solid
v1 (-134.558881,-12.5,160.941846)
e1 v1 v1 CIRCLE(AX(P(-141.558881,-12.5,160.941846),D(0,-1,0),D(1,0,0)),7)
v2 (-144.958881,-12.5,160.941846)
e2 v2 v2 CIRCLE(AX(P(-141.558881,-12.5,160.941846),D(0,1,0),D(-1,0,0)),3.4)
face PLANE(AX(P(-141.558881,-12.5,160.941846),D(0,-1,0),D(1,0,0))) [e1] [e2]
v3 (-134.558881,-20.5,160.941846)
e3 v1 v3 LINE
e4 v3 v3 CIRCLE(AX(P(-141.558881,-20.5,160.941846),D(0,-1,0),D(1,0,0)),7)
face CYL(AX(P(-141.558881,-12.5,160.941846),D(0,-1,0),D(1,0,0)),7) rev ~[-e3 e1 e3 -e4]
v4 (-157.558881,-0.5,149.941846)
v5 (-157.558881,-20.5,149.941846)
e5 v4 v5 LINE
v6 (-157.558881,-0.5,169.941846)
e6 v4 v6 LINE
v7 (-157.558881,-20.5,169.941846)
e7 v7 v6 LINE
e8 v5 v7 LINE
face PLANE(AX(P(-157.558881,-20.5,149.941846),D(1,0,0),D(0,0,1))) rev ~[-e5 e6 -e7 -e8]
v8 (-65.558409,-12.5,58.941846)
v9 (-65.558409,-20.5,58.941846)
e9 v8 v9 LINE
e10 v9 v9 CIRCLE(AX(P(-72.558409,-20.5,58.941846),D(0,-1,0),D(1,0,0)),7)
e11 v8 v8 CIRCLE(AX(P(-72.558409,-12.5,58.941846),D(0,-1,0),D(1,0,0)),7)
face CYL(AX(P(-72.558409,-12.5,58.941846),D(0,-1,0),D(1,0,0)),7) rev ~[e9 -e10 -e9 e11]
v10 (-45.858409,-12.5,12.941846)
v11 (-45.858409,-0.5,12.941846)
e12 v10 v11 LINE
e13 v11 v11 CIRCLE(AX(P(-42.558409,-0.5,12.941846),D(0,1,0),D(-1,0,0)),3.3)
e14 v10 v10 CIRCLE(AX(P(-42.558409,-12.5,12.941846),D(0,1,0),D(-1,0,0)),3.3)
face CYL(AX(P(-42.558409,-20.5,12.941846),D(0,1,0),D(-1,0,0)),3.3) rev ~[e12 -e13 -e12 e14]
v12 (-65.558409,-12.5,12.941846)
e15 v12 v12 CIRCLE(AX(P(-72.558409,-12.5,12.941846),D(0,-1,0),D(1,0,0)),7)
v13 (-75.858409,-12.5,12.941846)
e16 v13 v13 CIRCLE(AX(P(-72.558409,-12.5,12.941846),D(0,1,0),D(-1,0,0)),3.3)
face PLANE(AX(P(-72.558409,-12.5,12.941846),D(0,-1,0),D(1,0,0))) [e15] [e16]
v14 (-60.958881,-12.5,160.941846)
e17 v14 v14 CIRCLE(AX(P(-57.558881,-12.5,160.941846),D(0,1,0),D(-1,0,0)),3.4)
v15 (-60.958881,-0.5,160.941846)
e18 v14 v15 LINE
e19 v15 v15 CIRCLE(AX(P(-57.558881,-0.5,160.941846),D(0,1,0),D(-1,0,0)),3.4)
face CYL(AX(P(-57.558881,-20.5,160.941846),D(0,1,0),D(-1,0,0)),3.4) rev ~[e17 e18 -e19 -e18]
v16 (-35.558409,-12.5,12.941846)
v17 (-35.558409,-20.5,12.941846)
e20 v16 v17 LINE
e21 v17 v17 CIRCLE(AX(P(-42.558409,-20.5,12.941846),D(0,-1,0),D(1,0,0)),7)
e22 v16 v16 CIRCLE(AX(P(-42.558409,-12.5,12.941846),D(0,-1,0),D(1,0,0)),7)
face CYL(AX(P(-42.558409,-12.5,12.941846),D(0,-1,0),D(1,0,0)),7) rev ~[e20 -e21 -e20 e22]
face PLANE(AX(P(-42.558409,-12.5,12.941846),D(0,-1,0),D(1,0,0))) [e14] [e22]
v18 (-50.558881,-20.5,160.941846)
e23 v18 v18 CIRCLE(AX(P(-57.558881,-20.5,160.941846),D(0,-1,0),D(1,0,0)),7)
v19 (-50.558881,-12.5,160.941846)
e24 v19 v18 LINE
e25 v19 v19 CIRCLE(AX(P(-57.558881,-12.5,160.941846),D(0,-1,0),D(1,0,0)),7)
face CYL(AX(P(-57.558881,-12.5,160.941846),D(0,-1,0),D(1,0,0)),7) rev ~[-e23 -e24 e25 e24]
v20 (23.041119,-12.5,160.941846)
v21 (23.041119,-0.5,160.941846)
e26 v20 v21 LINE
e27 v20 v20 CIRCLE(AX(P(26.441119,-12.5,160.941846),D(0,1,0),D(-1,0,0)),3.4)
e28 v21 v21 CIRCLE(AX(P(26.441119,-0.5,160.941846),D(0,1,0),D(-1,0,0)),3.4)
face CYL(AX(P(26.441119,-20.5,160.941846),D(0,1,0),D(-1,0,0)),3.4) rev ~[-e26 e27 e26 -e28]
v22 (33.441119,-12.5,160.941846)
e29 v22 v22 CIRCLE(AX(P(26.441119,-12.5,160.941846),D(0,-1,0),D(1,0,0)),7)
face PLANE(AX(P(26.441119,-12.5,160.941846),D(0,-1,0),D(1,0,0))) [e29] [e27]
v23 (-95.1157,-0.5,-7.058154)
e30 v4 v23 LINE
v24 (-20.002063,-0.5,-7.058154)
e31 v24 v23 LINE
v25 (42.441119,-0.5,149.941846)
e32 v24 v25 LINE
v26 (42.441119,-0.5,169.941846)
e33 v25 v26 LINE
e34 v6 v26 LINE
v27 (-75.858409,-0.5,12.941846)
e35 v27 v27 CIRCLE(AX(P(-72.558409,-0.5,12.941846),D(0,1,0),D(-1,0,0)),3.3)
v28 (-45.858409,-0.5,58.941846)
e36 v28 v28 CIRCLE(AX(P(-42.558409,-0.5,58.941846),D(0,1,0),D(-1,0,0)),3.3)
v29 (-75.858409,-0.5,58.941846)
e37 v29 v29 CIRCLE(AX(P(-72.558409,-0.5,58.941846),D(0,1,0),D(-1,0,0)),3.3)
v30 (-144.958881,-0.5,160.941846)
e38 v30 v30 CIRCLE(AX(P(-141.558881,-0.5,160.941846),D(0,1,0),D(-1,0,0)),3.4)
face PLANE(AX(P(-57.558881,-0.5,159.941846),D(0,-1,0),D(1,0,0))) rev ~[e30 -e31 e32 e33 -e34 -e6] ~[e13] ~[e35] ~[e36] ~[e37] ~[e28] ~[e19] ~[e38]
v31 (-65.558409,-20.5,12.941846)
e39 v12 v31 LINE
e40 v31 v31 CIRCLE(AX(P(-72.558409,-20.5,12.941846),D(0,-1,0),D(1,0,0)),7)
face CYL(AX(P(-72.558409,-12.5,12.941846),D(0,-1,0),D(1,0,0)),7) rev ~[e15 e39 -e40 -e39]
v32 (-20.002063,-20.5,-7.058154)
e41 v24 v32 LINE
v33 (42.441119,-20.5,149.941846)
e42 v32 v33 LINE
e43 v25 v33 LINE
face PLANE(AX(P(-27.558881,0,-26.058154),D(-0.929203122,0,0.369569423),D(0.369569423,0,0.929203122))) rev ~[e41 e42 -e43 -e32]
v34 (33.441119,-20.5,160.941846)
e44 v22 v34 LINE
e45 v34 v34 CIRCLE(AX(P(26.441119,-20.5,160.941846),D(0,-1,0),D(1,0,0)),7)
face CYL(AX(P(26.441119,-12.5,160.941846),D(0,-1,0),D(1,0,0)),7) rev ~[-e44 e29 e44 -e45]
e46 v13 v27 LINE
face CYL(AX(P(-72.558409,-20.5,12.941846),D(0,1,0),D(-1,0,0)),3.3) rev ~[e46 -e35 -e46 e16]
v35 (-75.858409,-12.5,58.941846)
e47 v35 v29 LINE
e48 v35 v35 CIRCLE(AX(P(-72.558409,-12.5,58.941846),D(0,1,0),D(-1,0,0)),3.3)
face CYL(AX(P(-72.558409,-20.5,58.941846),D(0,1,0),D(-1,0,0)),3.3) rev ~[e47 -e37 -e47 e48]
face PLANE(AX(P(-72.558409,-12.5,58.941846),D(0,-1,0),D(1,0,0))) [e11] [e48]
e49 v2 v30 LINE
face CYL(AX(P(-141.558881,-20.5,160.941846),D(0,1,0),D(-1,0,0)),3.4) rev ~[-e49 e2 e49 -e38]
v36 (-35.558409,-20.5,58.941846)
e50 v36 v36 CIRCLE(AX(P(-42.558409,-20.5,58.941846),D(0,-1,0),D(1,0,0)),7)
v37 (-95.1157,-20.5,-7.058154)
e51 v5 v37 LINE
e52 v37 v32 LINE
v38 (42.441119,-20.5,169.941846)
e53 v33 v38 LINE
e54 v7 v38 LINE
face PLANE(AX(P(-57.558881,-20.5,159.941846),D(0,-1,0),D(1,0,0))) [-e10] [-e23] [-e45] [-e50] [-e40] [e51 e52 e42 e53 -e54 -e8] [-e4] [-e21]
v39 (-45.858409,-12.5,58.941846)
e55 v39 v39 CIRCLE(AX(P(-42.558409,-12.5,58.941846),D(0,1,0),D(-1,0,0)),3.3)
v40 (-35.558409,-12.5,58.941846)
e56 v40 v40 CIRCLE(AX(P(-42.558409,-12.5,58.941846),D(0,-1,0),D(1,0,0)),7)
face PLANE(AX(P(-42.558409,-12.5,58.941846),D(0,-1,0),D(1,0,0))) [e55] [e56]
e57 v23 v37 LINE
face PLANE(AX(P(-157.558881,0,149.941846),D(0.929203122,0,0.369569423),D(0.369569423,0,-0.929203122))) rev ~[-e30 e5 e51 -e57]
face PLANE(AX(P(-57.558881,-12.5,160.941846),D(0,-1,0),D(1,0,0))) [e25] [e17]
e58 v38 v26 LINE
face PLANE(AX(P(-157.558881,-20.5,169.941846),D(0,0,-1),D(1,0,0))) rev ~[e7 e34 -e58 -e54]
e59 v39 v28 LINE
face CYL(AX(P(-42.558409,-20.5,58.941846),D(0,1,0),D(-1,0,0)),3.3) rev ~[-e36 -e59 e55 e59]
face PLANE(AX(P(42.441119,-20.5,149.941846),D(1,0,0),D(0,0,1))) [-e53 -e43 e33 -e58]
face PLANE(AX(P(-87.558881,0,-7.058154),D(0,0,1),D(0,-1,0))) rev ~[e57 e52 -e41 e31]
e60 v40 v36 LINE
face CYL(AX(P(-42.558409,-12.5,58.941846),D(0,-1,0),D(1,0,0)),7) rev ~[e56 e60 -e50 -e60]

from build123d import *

# Parameters (mm, degrees)
F1_DEPTH        = 20.5
F2_W            = 200
F2_H            = 20
F3_DEPTH        = 20.5
F4_DEPTH        = 19
F5_DEPTH        = 25
F6_DEPTH        = 25
F9_D            = 6.6
F9_CBORE_D      = 14
F9_CBORE_DEPTH  = 8
F11_D           = 6.8
F11_CBORE_D     = 14
F11_CBORE_DEPTH = 8
F12_DEPTH       = 0.5


with BuildPart() as f1:
    # F0 (on Front) → F1 (new body)
    with BuildSketch(Plane.XZ):
        Polygon((42.4411185086, 149.9418458194), (-157.5588814914, 149.9418458194), (-87.5588814914, -26.0581541806), (-57.5588814914, -26.0581541806), (-27.5588814914, -26.0581541806), align=None)
    extrude(amount=F1_DEPTH)

    # F2 (on face) → F3 (join)
    with BuildSketch(Plane.XZ.offset(20.5)):
        with Locations((-57.5588814914, 159.9418458194)):
            Rectangle(F2_W, F2_H)
    extrude(amount=-F3_DEPTH)

    # F4 (cut): a face of the model
    f4_faces = [f1.faces().sort_by_distance(p)[0] for p in [
        (-57.5588814914, -10.25, -26.0581541806),
    ]]
    extrude(f4_faces, amount=-F4_DEPTH, mode=Mode.SUBTRACT)

    # F5 (cut): a face of the model
    f5_faces = [f1.faces().sort_by_distance(p)[0] for p in [
        (-87.5588814914, -10.25, -16.5581541806),
    ]]
    extrude(f5_faces, amount=-F5_DEPTH, mode=Mode.SUBTRACT)

    # F6 (cut): a face of the model
    f6_faces = [f1.faces().sort_by_distance(p)[0] for p in [
        (-27.5588814914, -10.25, -16.5581541806),
    ]]
    extrude(f6_faces, amount=-F6_DEPTH, mode=Mode.SUBTRACT)

    # F9 (through all)
    with Locations(Plane.XZ.offset(20.5)):
        with Locations((-72.5584090471, 58.9418458194), (-42.5584090471, 58.9418458194), (-42.5584090471, 12.9418458194), (-72.5584090471, 12.9418458194)):
            CounterBoreHole(F9_D / 2, F9_CBORE_D / 2, F9_CBORE_DEPTH)

    # F11 (through all)
    with Locations(Plane.XZ.offset(20.5)):
        with Locations((-141.5588814914, 160.9418458194), (26.4411185086, 160.9418458194), (-57.5588814914, 160.9418458194)):
            CounterBoreHole(F11_D / 2, F11_CBORE_D / 2, F11_CBORE_DEPTH)

    # F12 (cut): a face of the model
    f12_faces = [f1.faces().sort_by_distance(p)[0] for p in [
        (-57.5588840418, 0, 95.3321481764),
    ]]
    extrude(f12_faces, amount=-F12_DEPTH, mode=Mode.SUBTRACT)


solid = f1.part
